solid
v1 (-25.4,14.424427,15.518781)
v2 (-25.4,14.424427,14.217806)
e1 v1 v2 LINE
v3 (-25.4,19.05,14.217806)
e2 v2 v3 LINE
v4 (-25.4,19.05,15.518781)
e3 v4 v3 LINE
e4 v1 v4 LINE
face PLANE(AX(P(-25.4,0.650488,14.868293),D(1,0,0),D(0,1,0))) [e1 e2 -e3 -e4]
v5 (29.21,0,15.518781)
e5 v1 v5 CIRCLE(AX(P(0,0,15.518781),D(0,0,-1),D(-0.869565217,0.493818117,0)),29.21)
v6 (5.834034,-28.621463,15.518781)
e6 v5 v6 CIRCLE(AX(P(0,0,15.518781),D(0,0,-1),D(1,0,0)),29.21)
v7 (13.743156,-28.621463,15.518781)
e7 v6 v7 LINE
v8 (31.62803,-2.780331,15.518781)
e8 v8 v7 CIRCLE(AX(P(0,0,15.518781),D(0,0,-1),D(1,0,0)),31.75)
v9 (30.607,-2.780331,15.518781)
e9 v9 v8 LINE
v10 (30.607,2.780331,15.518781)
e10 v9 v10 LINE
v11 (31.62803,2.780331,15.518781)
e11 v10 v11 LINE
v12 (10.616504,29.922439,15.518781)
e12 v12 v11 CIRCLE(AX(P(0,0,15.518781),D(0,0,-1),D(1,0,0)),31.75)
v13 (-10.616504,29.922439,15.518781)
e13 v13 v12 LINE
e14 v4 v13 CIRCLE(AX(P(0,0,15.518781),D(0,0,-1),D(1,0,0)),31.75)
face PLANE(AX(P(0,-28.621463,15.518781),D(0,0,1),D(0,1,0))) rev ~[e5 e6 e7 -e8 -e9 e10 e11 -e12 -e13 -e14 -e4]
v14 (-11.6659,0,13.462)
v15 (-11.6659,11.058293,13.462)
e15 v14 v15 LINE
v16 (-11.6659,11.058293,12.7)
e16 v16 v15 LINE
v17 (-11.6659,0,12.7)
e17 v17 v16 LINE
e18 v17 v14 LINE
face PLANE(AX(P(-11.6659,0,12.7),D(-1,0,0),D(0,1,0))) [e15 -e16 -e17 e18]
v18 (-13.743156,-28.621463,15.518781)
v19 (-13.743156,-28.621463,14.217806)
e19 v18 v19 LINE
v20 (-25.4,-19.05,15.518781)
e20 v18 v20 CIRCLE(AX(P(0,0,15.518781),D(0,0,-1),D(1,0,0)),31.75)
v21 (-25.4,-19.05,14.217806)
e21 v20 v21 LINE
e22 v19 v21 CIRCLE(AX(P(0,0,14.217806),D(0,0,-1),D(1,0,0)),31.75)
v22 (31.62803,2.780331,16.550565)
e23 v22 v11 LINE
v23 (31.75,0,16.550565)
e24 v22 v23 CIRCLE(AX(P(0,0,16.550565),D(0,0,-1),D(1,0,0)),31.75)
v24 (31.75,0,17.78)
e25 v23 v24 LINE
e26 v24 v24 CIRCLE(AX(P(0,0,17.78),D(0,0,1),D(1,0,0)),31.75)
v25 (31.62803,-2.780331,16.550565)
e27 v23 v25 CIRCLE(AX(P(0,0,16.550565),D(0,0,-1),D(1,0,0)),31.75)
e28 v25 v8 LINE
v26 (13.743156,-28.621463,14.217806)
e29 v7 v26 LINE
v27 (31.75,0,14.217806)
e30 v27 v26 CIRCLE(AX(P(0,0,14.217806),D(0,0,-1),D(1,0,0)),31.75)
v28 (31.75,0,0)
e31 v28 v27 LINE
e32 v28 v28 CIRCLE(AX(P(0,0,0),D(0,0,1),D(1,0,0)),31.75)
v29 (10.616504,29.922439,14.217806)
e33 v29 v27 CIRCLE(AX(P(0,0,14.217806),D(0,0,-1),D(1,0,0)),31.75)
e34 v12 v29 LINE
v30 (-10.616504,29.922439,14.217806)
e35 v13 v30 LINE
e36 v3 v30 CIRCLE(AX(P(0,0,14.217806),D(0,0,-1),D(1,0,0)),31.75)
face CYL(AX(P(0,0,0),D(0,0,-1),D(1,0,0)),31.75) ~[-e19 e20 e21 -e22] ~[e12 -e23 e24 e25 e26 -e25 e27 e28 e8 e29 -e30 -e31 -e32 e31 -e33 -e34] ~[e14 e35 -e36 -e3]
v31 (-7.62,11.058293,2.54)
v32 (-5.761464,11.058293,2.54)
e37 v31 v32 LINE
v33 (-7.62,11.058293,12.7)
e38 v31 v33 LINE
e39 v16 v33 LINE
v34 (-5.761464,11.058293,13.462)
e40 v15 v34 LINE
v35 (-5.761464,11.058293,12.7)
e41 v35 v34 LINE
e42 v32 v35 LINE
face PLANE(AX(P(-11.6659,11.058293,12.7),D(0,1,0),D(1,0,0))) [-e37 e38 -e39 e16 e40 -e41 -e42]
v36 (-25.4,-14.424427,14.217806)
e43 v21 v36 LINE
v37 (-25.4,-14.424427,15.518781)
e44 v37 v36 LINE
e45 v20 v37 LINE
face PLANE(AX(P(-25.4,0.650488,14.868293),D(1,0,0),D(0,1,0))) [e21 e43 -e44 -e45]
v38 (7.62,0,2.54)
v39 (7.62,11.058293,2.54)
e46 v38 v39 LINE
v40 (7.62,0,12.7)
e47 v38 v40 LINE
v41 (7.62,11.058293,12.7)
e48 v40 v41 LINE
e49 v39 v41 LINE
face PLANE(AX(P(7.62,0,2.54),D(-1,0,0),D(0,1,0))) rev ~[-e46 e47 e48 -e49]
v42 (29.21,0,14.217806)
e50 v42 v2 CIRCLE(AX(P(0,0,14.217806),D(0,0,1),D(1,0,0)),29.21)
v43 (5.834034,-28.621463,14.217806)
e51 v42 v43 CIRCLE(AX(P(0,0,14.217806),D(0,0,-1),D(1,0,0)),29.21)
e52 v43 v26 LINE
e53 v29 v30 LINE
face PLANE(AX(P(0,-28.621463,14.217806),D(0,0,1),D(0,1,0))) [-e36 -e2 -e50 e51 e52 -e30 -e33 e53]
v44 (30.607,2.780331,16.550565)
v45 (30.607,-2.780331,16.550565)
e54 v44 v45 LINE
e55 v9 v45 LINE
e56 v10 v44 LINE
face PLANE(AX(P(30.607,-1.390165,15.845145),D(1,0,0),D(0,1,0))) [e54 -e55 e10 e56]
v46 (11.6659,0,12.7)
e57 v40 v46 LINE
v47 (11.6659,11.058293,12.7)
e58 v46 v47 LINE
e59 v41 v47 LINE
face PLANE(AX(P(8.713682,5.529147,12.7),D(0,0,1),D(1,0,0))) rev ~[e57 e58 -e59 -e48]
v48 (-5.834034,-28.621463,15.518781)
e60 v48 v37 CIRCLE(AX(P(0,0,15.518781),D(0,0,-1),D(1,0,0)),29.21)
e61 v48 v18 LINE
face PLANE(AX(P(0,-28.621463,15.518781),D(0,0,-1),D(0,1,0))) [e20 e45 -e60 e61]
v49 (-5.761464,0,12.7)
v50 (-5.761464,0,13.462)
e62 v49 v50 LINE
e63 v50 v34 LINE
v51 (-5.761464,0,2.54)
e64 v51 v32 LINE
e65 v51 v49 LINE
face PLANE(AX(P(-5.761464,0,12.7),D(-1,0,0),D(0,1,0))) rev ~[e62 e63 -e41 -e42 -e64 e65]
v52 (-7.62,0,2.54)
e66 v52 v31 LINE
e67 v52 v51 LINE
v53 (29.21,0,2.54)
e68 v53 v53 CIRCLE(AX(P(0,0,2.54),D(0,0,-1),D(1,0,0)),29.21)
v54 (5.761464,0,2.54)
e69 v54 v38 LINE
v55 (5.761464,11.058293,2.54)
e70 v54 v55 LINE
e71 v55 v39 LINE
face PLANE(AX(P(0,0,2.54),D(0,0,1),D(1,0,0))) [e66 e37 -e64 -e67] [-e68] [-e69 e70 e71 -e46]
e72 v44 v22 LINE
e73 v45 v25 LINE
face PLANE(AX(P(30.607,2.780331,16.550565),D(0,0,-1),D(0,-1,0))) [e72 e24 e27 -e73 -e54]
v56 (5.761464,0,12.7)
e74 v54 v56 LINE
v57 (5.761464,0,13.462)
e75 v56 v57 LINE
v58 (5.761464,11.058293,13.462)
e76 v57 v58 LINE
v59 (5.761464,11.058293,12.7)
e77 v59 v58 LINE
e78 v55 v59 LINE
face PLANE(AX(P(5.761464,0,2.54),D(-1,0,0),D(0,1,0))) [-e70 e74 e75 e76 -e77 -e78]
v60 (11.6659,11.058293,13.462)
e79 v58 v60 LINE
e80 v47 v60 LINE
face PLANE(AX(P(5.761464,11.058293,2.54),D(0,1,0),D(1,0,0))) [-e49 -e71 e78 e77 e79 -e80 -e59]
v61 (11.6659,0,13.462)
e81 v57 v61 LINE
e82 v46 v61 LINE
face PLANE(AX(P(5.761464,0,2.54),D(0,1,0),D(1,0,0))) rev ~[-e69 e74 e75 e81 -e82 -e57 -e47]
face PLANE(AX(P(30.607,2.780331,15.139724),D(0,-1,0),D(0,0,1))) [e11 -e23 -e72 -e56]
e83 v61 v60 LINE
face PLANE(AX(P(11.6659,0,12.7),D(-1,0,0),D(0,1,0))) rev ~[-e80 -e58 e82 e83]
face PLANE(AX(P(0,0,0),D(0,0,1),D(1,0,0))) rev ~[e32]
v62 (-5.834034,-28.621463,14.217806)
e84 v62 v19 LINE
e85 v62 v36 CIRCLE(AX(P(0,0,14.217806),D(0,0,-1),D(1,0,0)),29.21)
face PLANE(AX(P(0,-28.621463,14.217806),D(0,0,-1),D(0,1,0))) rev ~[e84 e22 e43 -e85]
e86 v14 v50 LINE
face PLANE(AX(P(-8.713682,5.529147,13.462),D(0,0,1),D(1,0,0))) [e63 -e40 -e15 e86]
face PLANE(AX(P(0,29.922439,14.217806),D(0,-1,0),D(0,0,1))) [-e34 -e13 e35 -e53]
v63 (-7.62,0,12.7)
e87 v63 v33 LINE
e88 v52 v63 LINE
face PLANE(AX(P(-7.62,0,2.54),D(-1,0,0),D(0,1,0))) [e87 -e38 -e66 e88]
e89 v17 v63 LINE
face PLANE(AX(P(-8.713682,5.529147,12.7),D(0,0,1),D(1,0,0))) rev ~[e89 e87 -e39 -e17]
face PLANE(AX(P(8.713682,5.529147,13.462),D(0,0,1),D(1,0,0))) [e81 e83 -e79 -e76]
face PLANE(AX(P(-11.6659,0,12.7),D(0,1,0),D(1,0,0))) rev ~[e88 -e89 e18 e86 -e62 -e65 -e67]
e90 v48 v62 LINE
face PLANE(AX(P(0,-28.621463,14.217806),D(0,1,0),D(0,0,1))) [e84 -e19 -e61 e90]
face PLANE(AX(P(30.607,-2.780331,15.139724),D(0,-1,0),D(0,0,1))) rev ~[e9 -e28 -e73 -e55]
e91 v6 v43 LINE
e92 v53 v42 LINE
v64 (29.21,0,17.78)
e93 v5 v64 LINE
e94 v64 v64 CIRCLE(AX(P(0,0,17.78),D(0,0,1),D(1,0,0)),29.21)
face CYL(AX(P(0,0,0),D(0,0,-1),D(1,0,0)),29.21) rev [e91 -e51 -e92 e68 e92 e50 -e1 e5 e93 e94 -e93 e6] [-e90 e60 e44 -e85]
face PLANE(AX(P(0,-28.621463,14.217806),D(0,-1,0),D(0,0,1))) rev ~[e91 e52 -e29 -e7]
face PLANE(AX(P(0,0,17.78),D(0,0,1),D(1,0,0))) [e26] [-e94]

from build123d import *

# Parameters (mm, degrees)
F0_R          = 31.75
F1_DEPTH      = 17.78
F2_T          = -2.54
F3_W          = 1.858536154
F3_H          = 11.058293283
F4_DEPTH      = 10.16
F5_W          = 5.9044365771
F5_H          = 11.058293283
F6_DEPTH      = 0.762
F7_W          = 58.5439018905
F7_H          = 1.300974749
F8_DEPTH      = 43.434
F8_DEPTH_BACK = 25.4
F10_START     = 30.607
F9_W          = 2.780330833
F9_H          = 1.4108410105
F10_DEPTH     = 3.683


with BuildPart() as f1:
    # F0 (on Top) → F1 (new body)
    with BuildSketch(Plane.XY):
        Circle(F0_R)
    extrude(amount=F1_DEPTH)

    # F2
    f2_openings = [f1.faces().sort_by_distance(p)[0] for p in [
        (0, 0, 17.78),
    ]]
    offset(amount=F2_T, openings=f2_openings)

    # F3 (on face) → F4 (join)
    with BuildSketch(Plane.XY.offset(2.54)):
        with Locations((-6.6907317378, 5.5291466415)):
            Rectangle(F3_W, F3_H)
        with Locations((6.6907317378, 5.5291466415)):
            Rectangle(F3_W, F3_H)
    extrude(amount=F4_DEPTH)

    # F5 (on face) → F6 (join)
    with BuildSketch(Plane.XY.offset(12.7)):
        with Locations((-8.7136819493, 5.5291466415)):
            Rectangle(F5_W, F5_H)
        with Locations((8.7136819493, 5.5291466415)):
            Rectangle(F5_W, F5_H)
    extrude(amount=F6_DEPTH)

    # F7 (on Right) → F8 (cut, two sides)
    with BuildSketch(Plane.YZ) as f8_sk:
        with Locations((0.6504878402, 14.8682934232)):
            Rectangle(F7_W, F7_H)
    extrude(amount=F8_DEPTH, mode=Mode.SUBTRACT)
    extrude(f8_sk.sketch, amount=-F8_DEPTH_BACK, mode=Mode.SUBTRACT)

    # F9 (on Right) → F10 (cut)
    with BuildSketch(Plane.YZ.offset(F10_START)):
        with Locations((-1.3901654165, 15.8451446332)):
            Rectangle(F9_W, F9_H)
        with Locations((1.3901654165, 15.8451446332)):
            Rectangle(F9_W, F9_H)
    extrude(amount=F10_DEPTH, mode=Mode.SUBTRACT)


solid = f1.part
